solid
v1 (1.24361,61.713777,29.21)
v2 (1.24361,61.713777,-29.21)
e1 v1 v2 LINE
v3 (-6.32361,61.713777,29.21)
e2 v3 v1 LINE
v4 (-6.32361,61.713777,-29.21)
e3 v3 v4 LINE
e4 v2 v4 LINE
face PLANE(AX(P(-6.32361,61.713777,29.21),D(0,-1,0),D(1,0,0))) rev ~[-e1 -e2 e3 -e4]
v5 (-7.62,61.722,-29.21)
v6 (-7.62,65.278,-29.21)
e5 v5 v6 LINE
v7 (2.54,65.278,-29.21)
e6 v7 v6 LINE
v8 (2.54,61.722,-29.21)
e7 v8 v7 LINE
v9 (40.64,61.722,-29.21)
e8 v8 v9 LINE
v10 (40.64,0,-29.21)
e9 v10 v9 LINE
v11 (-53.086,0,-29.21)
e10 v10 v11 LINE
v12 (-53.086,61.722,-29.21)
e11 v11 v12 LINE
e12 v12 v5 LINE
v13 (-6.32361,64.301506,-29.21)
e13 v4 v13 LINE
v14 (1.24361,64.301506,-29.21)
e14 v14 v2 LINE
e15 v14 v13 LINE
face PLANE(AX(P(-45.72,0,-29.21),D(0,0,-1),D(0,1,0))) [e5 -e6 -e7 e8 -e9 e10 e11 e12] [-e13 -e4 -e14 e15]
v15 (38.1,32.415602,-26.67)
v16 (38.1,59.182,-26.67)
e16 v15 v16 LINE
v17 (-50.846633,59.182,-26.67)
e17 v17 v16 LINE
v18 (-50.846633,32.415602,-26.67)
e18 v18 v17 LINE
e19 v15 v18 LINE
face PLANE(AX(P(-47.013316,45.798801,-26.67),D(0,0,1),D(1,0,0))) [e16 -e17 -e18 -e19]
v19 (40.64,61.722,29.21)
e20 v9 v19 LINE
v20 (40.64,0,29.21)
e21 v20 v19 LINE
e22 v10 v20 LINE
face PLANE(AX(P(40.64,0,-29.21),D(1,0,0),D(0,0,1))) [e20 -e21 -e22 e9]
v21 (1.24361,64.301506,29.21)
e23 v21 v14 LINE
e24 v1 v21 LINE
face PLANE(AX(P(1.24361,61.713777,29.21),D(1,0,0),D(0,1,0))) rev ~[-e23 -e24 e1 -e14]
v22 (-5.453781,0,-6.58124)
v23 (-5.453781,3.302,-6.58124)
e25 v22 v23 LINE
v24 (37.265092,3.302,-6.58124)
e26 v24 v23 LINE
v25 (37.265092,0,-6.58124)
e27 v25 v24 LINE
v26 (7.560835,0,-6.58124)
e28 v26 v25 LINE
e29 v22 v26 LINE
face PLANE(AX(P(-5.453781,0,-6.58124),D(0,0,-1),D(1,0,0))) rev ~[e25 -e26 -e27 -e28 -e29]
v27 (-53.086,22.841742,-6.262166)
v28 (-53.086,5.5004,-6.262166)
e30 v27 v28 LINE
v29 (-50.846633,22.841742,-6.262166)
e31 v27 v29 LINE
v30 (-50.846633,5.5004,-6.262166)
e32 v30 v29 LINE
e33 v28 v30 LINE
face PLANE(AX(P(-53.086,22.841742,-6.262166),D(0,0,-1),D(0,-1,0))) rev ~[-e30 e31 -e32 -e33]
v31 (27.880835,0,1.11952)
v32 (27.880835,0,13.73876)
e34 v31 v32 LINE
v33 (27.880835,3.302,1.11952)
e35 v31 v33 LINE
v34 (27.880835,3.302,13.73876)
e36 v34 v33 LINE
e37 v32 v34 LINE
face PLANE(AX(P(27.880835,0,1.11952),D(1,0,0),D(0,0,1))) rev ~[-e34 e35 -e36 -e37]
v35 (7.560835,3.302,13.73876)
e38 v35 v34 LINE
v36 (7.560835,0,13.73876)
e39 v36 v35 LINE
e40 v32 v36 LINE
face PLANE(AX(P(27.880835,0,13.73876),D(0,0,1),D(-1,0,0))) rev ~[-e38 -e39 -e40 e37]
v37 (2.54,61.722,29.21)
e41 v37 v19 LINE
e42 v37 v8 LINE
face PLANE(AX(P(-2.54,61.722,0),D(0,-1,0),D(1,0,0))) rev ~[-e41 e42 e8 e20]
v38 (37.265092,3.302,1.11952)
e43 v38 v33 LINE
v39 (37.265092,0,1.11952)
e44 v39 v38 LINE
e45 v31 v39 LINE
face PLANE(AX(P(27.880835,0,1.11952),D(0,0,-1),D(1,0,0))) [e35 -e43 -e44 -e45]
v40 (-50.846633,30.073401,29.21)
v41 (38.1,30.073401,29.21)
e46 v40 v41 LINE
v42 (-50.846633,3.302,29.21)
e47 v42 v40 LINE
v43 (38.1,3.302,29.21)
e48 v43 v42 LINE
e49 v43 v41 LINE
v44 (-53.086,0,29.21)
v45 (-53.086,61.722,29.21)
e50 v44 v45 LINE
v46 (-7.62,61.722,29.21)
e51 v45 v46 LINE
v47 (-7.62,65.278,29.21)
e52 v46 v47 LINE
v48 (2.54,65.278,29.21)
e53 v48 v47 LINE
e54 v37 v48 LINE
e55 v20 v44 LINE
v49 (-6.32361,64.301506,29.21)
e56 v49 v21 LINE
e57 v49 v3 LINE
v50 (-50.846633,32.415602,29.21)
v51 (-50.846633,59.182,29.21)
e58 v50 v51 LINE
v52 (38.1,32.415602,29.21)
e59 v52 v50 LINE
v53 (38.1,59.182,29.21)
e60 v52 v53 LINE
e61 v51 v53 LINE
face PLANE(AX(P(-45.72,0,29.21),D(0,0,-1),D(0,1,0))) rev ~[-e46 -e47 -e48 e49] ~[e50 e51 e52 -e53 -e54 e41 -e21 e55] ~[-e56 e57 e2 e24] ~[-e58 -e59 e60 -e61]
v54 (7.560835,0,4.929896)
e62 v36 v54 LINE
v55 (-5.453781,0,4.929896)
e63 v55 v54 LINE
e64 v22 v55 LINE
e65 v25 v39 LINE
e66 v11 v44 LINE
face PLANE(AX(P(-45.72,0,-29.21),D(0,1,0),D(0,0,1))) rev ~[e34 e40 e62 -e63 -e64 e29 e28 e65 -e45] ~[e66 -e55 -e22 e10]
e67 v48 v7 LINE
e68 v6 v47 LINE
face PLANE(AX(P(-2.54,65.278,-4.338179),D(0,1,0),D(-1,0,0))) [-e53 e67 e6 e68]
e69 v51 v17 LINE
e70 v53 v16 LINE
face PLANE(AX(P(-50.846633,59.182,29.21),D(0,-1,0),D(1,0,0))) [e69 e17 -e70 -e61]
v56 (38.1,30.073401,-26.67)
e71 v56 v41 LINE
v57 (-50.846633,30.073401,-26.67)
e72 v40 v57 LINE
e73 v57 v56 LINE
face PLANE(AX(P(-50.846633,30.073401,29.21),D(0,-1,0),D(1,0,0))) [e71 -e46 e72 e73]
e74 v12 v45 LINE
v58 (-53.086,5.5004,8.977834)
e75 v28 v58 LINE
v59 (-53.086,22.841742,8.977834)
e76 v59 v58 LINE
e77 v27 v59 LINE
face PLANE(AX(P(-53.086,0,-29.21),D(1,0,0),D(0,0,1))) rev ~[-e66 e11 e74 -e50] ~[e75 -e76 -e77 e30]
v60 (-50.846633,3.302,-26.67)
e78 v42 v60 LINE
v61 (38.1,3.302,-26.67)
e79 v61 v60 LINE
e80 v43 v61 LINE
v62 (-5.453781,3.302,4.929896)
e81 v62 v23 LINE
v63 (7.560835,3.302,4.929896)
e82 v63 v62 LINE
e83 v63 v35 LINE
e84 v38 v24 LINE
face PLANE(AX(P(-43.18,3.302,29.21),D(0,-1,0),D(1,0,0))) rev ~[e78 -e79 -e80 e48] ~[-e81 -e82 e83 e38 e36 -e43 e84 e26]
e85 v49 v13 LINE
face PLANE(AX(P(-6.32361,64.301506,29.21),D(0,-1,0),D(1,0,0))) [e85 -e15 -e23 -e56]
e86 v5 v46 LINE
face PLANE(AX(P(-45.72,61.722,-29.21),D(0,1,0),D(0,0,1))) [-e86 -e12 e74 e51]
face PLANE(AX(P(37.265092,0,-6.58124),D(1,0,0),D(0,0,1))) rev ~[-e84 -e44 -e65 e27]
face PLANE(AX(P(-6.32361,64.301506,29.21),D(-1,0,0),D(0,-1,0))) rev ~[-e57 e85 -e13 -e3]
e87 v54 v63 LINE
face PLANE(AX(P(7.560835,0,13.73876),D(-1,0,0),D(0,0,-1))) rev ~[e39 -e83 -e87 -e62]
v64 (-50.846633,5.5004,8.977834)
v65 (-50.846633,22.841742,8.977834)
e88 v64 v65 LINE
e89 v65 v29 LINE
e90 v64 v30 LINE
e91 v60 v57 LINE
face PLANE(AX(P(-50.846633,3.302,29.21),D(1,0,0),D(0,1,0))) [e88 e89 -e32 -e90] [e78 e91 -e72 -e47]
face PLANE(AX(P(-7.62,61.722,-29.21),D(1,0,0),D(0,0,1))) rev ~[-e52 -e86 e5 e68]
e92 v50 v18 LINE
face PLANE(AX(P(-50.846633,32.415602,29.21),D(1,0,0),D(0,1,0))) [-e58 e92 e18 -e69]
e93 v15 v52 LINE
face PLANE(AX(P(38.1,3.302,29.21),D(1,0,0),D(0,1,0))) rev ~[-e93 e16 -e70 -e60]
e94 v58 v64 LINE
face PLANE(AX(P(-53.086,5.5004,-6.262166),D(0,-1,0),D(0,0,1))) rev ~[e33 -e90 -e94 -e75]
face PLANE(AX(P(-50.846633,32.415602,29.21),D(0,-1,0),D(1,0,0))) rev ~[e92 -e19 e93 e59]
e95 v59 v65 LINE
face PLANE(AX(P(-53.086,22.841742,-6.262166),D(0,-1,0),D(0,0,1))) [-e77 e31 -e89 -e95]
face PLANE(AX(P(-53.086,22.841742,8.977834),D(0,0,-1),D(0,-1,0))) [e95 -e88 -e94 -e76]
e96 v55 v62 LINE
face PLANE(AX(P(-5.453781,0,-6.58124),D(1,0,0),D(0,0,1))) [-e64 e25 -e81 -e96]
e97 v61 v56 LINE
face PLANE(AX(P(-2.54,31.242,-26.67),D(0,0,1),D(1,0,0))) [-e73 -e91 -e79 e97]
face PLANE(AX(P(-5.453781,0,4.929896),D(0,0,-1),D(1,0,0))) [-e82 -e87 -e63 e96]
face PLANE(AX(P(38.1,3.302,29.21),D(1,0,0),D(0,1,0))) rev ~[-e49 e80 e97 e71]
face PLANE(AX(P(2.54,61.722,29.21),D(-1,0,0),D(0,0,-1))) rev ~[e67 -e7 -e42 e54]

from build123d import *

# Parameters (mm, degrees)
F0_W      = 86.36
F0_H      = 58.42
F1_DEPTH  = 61.722
F2_W      = 13.0146164447
F2_H      = 11.5111361851
F2_W_2    = 9.3842569146
F2_H_2    = 7.7007600234
F3_DEPTH  = 56.642
F4_W      = 81.28
F4_H      = 55.88
F5_DEPTH  = 55.88
F6_W      = 81.28
F6_H      = 2.3422017694
F7_DEPTH  = 55.88
F8_W      = 10.16
F8_H      = 49.7436418003
F8_H_2    = 8.6763581997
F9_DEPTH  = 3.556
F10_W     = 7.5672202845
F10_H     = 1.6030113697
F10_H_2   = 0.9847168326
F11_DEPTH = 69.342
F12_DEPTH = 7.366
F13_W     = 7.66663257
F13_H     = 26.7714005868
F14_DEPTH = 55.88
F15_W     = 7.66663257
F15_H     = 26.7663976438
F16_DEPTH = 55.88
F17_W     = 17.341342
F17_H     = 15.24
F18_DEPTH = 25.4


with BuildPart() as f1:
    # F0 (on Front) → F1 (new body)
    with BuildSketch(Plane.XZ):
        with Locations((-2.54, 0)):
            Rectangle(F0_W, F0_H)
    extrude(amount=-F1_DEPTH)

    # F2 (on face) → F3 (cut)
    with BuildSketch(Plane.XZ):
        Polygon((27.8808352199, 13.7387597933), (7.5608352199, 13.7387597933), (7.5608352199, 4.9298959784), (7.5608352199, -6.5812402067), (27.8808352199, -6.5812402067), (27.8808352199, 1.1195198167), align=None)
        with Locations((1.0535269976, -0.8256721141)):
            Rectangle(F2_W, F2_H)
        with Locations((32.5729636772, -2.730860195)):
            Rectangle(F2_W_2, F2_H_2)
    extrude(amount=-F3_DEPTH, mode=Mode.SUBTRACT)

    # F4 (on face) → F5 (cut)
    with BuildSketch(Plane.XY.offset(29.21)):
        with Locations((-2.54, 31.242)):
            Rectangle(F4_W, F4_H)
    extrude(amount=-F5_DEPTH, mode=Mode.SUBTRACT)

    # F6 (on face) → F7 (join)
    with BuildSketch(Plane.XY.offset(-26.67)):
        with Locations((-2.54, 31.2445014715)):
            Rectangle(F6_W, F6_H)
    extrude(amount=F7_DEPTH)

    # F8 (on face) → F9 (join)
    with BuildSketch(Plane(origin=(0, 61.722, 0), x_dir=(-1, 0, 0), z_dir=(0, 1, 0))):
        with Locations((2.54, -4.3381790999)):
            Rectangle(F8_W, F8_H)
        with Locations((2.54, 24.8718209001)):
            Rectangle(F8_W, F8_H_2)
    extrude(amount=F9_DEPTH)

    # F10 (on face) → F11 (cut)
    with BuildSketch(Plane.XY.offset(29.21)):
        with Locations((-2.54, 63.5)):
            Rectangle(F10_W, F10_H)
        with Locations((-2.54, 62.2061358988)):
            Rectangle(F10_W, F10_H_2)
    extrude(amount=-F11_DEPTH, mode=Mode.SUBTRACT)

    # F12 (add): a face of the model
    f12_faces = [f1.faces().sort_by_distance(p)[0] for p in [
        (-45.72, 30.861, 0),
    ]]
    extrude(f12_faces, amount=F12_DEPTH)

    # F13 (on face) → F14 (cut)
    with BuildSketch(Plane.XY.offset(29.21)):
        with Locations((-47.013316285, 16.6877002934)):
            Rectangle(F13_W, F13_H)
    extrude(amount=-F14_DEPTH, mode=Mode.SUBTRACT)

    # F15 (on face) → F16 (cut)
    with BuildSketch(Plane.XY.offset(29.21)):
        with Locations((-47.013316285, 45.7988011781)):
            Rectangle(F15_W, F15_H)
    extrude(amount=-F16_DEPTH, mode=Mode.SUBTRACT)

    # F17 (on face) → F18 (cut)
    with BuildSketch(Plane(origin=(-53.086, 0, 0), x_dir=(0, -1, 0), z_dir=(-1, 0, 0))):
        with Locations((-14.1710711635, 1.3578335623)):
            Rectangle(F17_W, F17_H)
    extrude(amount=-F18_DEPTH, mode=Mode.SUBTRACT)


solid = f1.part
